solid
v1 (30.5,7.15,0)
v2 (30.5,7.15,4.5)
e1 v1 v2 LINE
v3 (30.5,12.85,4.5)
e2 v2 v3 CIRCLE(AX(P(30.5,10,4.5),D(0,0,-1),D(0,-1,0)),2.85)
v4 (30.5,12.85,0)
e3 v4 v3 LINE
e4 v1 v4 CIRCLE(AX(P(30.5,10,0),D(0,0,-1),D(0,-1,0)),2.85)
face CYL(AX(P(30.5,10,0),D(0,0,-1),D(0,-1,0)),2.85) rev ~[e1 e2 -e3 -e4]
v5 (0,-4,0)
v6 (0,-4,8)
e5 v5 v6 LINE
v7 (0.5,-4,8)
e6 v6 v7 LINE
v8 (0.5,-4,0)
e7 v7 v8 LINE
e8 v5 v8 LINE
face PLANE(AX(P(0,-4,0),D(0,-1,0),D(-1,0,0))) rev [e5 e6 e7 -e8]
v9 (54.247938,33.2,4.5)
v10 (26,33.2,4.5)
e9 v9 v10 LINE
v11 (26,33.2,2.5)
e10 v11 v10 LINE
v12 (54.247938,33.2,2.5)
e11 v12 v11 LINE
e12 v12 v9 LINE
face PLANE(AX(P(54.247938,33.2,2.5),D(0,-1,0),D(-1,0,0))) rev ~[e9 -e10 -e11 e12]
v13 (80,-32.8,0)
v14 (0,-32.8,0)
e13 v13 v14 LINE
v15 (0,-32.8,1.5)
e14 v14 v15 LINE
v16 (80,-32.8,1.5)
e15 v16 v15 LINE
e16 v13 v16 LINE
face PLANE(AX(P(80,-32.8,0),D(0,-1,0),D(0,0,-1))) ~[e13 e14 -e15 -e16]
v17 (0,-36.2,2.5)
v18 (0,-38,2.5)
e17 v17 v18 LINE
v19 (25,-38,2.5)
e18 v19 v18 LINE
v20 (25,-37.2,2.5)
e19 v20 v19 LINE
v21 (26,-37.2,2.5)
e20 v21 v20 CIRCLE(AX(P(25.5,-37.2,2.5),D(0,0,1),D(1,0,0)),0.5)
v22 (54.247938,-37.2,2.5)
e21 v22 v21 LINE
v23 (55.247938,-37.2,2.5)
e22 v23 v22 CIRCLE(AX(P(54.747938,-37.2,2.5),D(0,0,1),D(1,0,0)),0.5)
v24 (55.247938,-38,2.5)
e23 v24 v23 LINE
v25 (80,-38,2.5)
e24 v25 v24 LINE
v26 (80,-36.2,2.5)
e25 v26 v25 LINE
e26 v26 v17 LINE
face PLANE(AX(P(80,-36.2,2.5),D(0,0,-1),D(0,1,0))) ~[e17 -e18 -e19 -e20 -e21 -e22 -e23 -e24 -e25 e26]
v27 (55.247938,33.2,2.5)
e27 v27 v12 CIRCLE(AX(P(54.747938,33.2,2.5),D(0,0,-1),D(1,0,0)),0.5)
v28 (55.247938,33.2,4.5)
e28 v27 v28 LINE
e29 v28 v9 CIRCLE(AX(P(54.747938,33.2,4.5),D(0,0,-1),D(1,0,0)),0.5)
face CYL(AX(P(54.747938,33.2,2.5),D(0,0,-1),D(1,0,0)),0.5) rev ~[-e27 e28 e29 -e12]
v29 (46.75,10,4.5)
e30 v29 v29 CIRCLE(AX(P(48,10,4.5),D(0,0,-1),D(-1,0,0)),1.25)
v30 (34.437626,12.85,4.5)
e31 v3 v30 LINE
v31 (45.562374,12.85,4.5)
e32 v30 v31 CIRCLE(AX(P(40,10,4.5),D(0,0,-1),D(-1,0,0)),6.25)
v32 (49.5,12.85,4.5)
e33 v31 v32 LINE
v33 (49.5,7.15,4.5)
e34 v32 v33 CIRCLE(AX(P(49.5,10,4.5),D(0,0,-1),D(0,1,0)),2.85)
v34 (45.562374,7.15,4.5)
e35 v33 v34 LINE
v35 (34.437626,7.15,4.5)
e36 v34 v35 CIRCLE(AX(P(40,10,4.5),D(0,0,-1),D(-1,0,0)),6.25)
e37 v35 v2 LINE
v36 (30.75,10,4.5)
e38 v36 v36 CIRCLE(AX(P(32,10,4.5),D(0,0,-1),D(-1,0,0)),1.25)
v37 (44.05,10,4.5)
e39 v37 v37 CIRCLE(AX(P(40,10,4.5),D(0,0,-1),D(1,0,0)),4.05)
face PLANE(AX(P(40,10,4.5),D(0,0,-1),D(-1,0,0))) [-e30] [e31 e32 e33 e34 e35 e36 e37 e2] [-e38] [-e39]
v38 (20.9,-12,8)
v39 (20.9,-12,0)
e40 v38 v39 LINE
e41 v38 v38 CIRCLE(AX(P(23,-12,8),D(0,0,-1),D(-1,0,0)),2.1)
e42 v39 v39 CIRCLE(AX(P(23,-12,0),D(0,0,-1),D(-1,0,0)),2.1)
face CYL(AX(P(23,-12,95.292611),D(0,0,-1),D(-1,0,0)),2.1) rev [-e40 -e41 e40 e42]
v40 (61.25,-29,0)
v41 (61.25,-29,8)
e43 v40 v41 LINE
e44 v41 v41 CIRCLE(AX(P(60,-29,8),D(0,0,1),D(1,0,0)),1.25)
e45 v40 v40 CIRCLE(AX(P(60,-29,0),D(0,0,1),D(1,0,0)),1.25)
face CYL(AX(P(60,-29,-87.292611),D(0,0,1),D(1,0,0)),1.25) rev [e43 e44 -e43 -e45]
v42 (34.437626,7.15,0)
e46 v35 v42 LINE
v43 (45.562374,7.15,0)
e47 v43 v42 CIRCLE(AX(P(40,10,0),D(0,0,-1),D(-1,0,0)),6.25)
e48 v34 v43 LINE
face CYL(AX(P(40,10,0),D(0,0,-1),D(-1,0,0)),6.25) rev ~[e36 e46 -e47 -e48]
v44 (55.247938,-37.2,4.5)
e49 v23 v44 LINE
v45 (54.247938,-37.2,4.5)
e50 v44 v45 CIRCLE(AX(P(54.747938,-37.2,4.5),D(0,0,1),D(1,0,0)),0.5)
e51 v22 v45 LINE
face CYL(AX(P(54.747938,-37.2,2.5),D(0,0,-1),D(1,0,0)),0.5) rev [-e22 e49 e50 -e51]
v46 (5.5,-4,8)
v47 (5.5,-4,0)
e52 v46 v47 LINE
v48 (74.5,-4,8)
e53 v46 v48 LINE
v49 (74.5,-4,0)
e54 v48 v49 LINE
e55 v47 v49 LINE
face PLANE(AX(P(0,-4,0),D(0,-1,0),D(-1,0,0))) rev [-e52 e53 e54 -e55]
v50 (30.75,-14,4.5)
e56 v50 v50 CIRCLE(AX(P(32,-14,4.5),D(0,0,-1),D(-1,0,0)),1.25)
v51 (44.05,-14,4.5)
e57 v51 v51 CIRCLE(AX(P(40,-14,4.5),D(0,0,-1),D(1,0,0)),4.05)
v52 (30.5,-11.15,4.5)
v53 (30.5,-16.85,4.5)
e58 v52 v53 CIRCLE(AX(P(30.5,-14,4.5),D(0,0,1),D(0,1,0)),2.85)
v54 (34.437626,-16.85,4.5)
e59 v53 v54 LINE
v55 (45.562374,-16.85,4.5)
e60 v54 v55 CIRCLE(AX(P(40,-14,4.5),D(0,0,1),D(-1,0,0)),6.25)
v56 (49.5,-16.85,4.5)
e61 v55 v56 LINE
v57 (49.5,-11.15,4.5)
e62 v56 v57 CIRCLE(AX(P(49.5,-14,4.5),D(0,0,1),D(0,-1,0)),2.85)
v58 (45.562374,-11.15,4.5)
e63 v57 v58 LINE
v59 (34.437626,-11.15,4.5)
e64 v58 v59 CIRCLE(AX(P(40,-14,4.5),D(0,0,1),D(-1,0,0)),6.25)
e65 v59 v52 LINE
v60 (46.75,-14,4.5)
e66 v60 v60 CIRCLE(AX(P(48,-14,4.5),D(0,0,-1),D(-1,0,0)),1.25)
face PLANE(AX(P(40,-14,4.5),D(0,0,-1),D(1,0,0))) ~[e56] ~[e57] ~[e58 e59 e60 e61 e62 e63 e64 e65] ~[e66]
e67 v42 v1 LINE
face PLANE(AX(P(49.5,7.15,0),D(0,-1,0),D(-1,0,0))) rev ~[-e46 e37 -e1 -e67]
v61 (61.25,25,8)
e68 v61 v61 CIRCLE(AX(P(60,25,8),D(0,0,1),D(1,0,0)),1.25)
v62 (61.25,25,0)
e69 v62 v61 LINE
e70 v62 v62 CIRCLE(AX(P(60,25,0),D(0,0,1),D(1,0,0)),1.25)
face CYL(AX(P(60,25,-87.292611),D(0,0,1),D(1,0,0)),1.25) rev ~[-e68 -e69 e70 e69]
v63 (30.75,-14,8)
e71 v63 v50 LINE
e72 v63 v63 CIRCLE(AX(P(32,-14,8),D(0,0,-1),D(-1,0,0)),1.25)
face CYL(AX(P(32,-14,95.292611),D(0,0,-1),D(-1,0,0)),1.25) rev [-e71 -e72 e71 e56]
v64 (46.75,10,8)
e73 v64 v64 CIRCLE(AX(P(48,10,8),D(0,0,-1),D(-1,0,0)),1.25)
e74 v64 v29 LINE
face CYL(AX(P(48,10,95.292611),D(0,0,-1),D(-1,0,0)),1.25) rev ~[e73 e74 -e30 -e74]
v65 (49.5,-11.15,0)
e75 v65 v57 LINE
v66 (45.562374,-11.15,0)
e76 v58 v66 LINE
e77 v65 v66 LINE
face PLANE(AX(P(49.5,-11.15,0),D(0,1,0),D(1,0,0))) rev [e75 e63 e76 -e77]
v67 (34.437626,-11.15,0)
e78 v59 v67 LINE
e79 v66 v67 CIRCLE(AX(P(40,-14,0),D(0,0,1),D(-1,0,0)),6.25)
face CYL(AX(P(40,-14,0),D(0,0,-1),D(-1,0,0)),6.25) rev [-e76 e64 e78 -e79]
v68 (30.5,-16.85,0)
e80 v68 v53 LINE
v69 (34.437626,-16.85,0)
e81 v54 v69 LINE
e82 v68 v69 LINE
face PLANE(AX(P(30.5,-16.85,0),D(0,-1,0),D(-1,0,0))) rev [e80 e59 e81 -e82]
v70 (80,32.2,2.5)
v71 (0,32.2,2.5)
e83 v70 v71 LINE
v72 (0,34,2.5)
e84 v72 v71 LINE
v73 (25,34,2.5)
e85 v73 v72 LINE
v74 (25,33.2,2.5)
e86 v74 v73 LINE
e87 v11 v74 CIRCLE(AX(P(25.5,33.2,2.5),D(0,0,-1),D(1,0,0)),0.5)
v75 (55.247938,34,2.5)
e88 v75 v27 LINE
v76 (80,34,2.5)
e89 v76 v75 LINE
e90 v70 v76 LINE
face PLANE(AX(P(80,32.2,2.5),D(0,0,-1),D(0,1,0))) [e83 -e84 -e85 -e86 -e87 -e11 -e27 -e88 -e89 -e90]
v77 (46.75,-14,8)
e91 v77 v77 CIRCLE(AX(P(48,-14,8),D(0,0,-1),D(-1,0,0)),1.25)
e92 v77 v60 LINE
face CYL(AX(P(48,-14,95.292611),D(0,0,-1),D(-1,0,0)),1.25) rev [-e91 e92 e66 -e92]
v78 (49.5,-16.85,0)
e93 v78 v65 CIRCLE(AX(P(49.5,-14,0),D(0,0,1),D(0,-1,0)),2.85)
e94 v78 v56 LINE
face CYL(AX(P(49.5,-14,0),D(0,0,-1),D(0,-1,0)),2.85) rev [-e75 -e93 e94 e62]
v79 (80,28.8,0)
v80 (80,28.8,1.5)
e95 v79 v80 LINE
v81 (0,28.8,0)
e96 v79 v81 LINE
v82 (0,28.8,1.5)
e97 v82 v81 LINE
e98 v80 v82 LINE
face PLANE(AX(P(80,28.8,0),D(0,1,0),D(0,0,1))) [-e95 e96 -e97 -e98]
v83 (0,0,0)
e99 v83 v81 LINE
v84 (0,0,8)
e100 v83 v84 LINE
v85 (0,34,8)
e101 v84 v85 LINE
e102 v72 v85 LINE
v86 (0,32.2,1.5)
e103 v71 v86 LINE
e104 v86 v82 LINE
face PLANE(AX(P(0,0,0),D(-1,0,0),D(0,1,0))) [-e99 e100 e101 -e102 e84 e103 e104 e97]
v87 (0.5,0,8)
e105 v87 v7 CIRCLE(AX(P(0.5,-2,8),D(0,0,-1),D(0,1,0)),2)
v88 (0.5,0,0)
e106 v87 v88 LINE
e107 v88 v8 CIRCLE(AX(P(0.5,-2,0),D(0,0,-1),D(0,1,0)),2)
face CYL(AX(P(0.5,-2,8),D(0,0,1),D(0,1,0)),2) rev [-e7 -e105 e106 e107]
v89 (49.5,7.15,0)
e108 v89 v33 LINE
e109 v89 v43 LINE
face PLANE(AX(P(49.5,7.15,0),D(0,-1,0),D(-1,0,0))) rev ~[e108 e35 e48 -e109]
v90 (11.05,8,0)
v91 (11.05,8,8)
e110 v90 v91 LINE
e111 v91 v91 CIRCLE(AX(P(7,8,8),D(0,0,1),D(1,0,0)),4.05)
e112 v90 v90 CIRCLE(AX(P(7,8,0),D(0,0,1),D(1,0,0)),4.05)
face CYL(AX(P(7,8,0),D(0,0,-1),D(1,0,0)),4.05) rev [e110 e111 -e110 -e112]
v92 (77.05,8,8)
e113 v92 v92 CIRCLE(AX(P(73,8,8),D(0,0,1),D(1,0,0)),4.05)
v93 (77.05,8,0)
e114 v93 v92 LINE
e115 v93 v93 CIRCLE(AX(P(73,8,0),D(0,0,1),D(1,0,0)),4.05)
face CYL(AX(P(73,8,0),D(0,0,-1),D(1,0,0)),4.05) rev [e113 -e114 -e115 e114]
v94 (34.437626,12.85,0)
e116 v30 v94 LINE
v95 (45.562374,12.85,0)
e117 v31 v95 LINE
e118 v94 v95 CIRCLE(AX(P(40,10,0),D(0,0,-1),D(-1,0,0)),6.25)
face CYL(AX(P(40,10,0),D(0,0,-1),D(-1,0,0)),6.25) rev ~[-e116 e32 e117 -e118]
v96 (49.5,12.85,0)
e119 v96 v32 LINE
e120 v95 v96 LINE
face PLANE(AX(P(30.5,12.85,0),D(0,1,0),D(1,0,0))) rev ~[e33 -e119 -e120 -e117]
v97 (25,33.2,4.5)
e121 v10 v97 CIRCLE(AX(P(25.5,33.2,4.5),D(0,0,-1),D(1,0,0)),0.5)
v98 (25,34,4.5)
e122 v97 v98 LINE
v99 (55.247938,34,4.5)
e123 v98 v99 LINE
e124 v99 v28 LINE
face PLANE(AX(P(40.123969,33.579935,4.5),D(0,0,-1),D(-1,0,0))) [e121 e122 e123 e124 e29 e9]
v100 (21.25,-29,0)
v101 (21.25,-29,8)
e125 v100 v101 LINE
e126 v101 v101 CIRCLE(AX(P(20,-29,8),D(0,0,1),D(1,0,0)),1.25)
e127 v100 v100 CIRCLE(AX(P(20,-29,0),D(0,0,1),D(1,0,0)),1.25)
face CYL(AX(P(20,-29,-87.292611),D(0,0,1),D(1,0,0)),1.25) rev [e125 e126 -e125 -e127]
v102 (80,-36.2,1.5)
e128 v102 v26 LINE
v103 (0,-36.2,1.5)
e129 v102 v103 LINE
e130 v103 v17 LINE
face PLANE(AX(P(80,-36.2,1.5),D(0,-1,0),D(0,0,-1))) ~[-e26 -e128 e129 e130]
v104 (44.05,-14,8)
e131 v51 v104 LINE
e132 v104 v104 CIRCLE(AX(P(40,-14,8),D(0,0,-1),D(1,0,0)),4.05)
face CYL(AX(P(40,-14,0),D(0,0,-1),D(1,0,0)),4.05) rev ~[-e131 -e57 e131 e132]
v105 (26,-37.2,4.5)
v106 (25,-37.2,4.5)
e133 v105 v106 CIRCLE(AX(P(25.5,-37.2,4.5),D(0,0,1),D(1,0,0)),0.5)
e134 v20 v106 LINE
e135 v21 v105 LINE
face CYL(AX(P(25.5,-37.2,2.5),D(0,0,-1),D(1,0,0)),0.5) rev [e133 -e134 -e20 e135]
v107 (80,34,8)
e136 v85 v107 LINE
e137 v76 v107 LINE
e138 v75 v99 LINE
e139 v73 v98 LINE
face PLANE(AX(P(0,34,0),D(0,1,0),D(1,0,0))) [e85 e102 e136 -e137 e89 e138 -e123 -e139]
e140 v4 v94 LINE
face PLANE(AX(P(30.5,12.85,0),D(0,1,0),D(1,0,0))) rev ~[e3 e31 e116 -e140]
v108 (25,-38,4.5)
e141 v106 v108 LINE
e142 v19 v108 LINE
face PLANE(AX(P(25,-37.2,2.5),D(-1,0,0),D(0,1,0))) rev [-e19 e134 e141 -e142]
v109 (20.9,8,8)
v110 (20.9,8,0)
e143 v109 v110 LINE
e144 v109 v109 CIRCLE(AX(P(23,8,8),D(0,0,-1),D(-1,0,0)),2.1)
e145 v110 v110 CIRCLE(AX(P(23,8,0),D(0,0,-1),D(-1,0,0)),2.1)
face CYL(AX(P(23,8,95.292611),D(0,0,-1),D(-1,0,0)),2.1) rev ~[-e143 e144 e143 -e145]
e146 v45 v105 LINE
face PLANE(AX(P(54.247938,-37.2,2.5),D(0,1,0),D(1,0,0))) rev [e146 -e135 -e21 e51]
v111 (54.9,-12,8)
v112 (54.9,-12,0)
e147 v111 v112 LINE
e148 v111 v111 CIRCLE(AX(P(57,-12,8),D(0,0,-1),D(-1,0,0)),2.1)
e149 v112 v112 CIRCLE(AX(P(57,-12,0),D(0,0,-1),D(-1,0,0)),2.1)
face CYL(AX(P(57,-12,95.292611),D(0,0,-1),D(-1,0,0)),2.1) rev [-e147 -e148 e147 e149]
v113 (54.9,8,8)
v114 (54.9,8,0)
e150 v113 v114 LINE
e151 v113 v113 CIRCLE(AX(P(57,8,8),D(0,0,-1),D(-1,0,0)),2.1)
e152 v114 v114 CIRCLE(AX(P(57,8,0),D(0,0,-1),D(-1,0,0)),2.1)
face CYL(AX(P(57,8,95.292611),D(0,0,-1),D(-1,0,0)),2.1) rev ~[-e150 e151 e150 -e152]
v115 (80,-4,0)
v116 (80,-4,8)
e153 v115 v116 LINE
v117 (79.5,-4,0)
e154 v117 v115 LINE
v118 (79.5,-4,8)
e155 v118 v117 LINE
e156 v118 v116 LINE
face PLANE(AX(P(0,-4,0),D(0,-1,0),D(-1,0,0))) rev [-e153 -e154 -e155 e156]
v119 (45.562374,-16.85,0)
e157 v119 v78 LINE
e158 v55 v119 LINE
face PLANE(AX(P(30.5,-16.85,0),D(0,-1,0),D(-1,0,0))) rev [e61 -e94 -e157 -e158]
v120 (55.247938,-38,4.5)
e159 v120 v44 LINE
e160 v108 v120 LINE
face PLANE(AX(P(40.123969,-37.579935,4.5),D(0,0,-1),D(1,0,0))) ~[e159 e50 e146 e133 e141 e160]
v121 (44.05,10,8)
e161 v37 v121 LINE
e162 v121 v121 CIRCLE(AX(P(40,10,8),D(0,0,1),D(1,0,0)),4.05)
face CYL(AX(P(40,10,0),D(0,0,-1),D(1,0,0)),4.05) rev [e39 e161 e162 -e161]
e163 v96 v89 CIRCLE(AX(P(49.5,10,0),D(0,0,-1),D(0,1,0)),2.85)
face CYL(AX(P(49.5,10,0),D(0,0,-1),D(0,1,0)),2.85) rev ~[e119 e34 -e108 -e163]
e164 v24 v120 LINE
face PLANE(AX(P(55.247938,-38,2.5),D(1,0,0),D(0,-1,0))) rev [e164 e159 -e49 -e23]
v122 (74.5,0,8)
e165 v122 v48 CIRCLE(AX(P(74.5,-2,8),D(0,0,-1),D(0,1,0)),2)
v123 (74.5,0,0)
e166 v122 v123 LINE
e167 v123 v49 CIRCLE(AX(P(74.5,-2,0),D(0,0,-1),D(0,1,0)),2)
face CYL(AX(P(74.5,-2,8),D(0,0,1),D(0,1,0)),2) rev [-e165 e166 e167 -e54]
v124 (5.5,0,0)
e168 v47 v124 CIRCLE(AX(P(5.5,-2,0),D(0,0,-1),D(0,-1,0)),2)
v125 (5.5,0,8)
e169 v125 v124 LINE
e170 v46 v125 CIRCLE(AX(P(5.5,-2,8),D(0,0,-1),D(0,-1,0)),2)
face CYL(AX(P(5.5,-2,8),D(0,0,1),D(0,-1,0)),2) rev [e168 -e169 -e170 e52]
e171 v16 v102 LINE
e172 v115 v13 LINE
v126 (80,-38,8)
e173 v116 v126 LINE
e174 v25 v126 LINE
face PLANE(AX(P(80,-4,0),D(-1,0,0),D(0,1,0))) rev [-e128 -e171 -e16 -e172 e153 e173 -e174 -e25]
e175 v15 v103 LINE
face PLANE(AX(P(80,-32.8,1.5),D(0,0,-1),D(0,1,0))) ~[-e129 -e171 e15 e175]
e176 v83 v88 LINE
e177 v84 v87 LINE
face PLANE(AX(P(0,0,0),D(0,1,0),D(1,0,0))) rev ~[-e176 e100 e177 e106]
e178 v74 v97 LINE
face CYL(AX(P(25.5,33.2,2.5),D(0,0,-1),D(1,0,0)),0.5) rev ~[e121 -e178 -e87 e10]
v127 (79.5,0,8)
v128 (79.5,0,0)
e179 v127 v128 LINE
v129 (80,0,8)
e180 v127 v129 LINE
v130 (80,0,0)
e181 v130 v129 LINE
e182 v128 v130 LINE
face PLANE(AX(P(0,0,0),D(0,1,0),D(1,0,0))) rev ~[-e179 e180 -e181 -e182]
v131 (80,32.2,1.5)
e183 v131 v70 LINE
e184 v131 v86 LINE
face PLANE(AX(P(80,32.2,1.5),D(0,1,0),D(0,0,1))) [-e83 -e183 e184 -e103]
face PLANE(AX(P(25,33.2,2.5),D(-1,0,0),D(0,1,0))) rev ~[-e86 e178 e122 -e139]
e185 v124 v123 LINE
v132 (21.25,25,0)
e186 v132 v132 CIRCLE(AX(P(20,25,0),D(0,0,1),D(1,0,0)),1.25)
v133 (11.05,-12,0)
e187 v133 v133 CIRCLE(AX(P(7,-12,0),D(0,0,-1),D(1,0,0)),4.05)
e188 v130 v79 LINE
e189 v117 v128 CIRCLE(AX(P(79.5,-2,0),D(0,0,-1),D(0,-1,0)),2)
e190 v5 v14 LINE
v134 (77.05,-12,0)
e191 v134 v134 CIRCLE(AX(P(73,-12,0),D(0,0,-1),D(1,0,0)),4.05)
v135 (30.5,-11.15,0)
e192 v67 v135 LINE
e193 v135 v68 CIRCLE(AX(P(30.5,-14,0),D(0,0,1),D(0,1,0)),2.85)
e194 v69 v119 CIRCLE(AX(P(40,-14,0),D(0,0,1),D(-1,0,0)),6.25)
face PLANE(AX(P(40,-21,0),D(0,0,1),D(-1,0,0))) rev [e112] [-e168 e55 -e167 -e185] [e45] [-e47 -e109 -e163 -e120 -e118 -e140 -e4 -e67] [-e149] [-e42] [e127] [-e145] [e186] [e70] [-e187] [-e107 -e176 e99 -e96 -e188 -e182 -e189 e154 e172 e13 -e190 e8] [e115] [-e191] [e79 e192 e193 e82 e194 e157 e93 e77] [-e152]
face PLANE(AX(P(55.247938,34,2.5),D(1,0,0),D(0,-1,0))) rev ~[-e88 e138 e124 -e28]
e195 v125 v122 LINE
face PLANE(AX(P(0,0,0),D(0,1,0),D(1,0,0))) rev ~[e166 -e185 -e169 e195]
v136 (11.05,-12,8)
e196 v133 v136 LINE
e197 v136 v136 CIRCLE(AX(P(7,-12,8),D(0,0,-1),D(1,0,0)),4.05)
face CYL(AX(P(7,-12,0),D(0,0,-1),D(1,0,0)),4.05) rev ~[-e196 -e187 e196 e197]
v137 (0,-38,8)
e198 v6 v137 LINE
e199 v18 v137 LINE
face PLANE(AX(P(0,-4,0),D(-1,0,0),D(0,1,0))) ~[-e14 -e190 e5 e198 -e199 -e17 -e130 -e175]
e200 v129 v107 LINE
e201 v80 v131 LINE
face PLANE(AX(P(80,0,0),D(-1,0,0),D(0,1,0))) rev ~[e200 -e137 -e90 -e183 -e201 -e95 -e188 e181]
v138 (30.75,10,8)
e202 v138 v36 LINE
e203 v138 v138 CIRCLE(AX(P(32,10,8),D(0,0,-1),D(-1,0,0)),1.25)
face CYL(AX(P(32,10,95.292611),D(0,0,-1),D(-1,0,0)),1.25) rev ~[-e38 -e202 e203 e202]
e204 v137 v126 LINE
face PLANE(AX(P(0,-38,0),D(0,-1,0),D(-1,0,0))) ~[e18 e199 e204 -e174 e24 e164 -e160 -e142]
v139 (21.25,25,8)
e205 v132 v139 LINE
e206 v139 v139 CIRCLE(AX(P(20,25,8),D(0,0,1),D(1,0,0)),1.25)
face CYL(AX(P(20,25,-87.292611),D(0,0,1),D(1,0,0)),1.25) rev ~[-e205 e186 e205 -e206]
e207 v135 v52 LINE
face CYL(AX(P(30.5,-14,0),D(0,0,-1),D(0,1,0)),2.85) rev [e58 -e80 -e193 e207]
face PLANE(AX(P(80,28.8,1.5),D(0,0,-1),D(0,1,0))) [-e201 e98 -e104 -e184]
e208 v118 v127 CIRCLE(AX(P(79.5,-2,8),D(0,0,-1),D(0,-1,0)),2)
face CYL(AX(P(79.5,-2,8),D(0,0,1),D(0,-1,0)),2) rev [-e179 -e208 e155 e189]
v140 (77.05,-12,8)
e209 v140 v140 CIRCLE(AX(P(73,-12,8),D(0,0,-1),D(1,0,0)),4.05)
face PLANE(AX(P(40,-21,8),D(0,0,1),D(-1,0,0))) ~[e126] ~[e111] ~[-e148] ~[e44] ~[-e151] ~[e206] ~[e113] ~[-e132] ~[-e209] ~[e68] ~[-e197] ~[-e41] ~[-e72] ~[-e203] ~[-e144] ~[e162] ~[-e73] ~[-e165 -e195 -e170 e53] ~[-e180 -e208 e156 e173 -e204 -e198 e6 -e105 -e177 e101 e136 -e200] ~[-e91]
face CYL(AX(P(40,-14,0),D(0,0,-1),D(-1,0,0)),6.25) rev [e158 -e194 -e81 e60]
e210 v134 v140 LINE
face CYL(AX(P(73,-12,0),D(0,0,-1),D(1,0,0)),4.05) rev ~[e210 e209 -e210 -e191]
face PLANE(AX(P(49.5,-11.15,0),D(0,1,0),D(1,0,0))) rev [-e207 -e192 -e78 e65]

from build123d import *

# Parameters (mm, degrees)
SKETCH_2_W           = 80
SKETCH_2_H           = 34
SKETCH_2_R           = 4.05
EXTRUDE_1_DEPTH      = 8
CUT_EXTRUDE_2_DEPTH  = 88.292611371
CUT_EXTRUDE_12_DEPTH = 4.5
SKETCH_20_R          = 6.25
CUT_EXTRUDE_13_DEPTH = 4.5
CUT_EXTRUDE_11_DEPTH = 2
HOLE_WIZARD_M5_1_D   = 4.2
HOLE_WIZARD_M3_1_D   = 2.5
HOLE_WIZARD_M3_2_D   = 2.5
EXTRUDE_2_DEPTH      = 8


with BuildPart() as part:
    # 草图2 → 凸台-拉伸1 (new body)
    with BuildSketch(Plane.XY):
        with Locations((40, 17)):
            Rectangle(SKETCH_2_W, SKETCH_2_H)
        with Locations((7, 8)):
            Circle(SKETCH_2_R, mode=Mode.SUBTRACT)
        with Locations((40, 10)):
            Circle(SKETCH_2_R, mode=Mode.SUBTRACT)
        with Locations((73, 8)):
            Circle(SKETCH_2_R, mode=Mode.SUBTRACT)
    extrude_1 = extrude(amount=EXTRUDE_1_DEPTH)

    # 草图4 → 切除-拉伸2 (cut, through all)
    with BuildSketch(Plane(origin=(80, 0, 0), x_dir=(0, 0, -1), z_dir=(1, 0, 0))):
        Polygon((-1.5, 32.2), (-2.5, 32.2), (-2.5, 34), (0, 34), (0, 28.8), (-1.5, 28.8), align=None)
    cut_extrude_2 = extrude(amount=-CUT_EXTRUDE_2_DEPTH, mode=Mode.SUBTRACT)

    # 草图8 → 切除-拉伸12 (cut)
    with BuildSketch(Plane(origin=(0, 0, 0), x_dir=(-1, 0, 0), z_dir=(0, 0, -1))):
        with BuildLine():
            Line((-30.5, 12.85), (-49.5, 12.85))
            ThreePointArc((-49.5, 12.85), (-52.35, 10), (-49.5, 7.15))
            Line((-49.5, 7.15), (-30.5, 7.15))
            ThreePointArc((-30.5, 7.15), (-27.65, 10), (-30.5, 12.85))
        make_face()
    cut_extrude_12 = extrude(amount=-CUT_EXTRUDE_12_DEPTH, mode=Mode.SUBTRACT)

    # 草图20 → 切除-拉伸13 (cut)
    with BuildSketch(Plane(origin=(0, 0, 0), x_dir=(-1, 0, 0), z_dir=(0, 0, -1))):
        with Locations((-40, 10)):
            Circle(SKETCH_20_R)
    cut_extrude_13 = extrude(amount=-CUT_EXTRUDE_13_DEPTH, mode=Mode.SUBTRACT)

    # 草图19 → 切除-拉伸11 (cut)
    with BuildSketch(Plane(origin=(0, 0, 2.5), x_dir=(-1, 0, 0), z_dir=(0, 0, -1))):
        with BuildLine():
            Line((-25, 34), (-55.247938178, 34))
            Line((-55.247938178, 34), (-55.247938178, 33.2))
            ThreePointArc((-55.247938178, 33.2), (-54.747938178, 32.7), (-54.247938178, 33.2))
            Line((-54.247938178, 33.2), (-26, 33.2))
            ThreePointArc((-26, 33.2), (-25.5, 32.7), (-25, 33.2))
            Line((-25, 33.2), (-25, 34))
        make_face()
    cut_extrude_11 = extrude(amount=-CUT_EXTRUDE_11_DEPTH, mode=Mode.SUBTRACT)

    # M5 螺纹孔1 (through all)
    with Locations(Plane(origin=(57, 8, 8), x_dir=(1, 0, 0), z_dir=(0, 0, 1))):
        with Locations((0, 0), (-34, 0)):
            hole_wizard_m5_1 = Hole(HOLE_WIZARD_M5_1_D / 2)

    # M3 螺纹孔1 (through all)
    with Locations(Plane(origin=(48, 10, 8), x_dir=(1, 0, 0), z_dir=(0, 0, 1))):
        with Locations((0, 0), (-16, 0)):
            hole_wizard_m3_1 = Hole(HOLE_WIZARD_M3_1_D / 2)

    # M3 螺纹孔2 (through all)
    with Locations(Plane(origin=(60, 25, 0), x_dir=(-1, 0, 0), z_dir=(0, 0, -1))):
        with Locations((0, 0), (40, 0)):
            hole_wizard_m3_2 = Hole(HOLE_WIZARD_M3_2_D / 2)

    # 草图22 → 凸台-拉伸2 (add)
    with BuildSketch(Plane.XY.offset(8)):
        with BuildLine():
            Line((0.5, -4), (5.5, -4))
            ThreePointArc((5.5, -4), (3.5, -2), (5.5, 0))
            Line((5.5, 0), (0.5, 0))
            ThreePointArc((0.5, 0), (2.5, -2), (0.5, -4))
        make_face()
        with BuildLine():
            Line((79.5, 0), (74.5, 0))
            ThreePointArc((74.5, 0), (76.5, -2), (74.5, -4))
            Line((74.5, -4), (79.5, -4))
            ThreePointArc((79.5, -4), (77.5, -2), (79.5, 0))
        make_face()
    extrude(amount=-EXTRUDE_2_DEPTH)

    # 镜向2: 凸台-拉伸1, 切除-拉伸2, 切除-拉伸12, 切除-拉伸13, 切除-拉伸11, M5 螺纹孔1, M3 螺纹孔1, M3 螺纹孔2 across plane
    add(extrude_1.mirror(Plane(origin=(0, -2, 0), x_dir=(0, 0, 1), z_dir=(0, -1, 0))))
    add(cut_extrude_2.mirror(Plane(origin=(0, -2, 0), x_dir=(0, 0, 1), z_dir=(0, -1, 0))), mode=Mode.SUBTRACT)
    add(cut_extrude_12.mirror(Plane(origin=(0, -2, 0), x_dir=(0, 0, 1), z_dir=(0, -1, 0))), mode=Mode.SUBTRACT)
    add(cut_extrude_13.mirror(Plane(origin=(0, -2, 0), x_dir=(0, 0, 1), z_dir=(0, -1, 0))), mode=Mode.SUBTRACT)
    add(cut_extrude_11.mirror(Plane(origin=(0, -2, 0), x_dir=(0, 0, 1), z_dir=(0, -1, 0))), mode=Mode.SUBTRACT)
    add(hole_wizard_m5_1.mirror(Plane(origin=(0, -2, 0), x_dir=(0, 0, 1), z_dir=(0, -1, 0))), mode=Mode.SUBTRACT)
    add(hole_wizard_m3_1.mirror(Plane(origin=(0, -2, 0), x_dir=(0, 0, 1), z_dir=(0, -1, 0))), mode=Mode.SUBTRACT)
    add(hole_wizard_m3_2.mirror(Plane(origin=(0, -2, 0), x_dir=(0, 0, 1), z_dir=(0, -1, 0))), mode=Mode.SUBTRACT)


solid = part.part
